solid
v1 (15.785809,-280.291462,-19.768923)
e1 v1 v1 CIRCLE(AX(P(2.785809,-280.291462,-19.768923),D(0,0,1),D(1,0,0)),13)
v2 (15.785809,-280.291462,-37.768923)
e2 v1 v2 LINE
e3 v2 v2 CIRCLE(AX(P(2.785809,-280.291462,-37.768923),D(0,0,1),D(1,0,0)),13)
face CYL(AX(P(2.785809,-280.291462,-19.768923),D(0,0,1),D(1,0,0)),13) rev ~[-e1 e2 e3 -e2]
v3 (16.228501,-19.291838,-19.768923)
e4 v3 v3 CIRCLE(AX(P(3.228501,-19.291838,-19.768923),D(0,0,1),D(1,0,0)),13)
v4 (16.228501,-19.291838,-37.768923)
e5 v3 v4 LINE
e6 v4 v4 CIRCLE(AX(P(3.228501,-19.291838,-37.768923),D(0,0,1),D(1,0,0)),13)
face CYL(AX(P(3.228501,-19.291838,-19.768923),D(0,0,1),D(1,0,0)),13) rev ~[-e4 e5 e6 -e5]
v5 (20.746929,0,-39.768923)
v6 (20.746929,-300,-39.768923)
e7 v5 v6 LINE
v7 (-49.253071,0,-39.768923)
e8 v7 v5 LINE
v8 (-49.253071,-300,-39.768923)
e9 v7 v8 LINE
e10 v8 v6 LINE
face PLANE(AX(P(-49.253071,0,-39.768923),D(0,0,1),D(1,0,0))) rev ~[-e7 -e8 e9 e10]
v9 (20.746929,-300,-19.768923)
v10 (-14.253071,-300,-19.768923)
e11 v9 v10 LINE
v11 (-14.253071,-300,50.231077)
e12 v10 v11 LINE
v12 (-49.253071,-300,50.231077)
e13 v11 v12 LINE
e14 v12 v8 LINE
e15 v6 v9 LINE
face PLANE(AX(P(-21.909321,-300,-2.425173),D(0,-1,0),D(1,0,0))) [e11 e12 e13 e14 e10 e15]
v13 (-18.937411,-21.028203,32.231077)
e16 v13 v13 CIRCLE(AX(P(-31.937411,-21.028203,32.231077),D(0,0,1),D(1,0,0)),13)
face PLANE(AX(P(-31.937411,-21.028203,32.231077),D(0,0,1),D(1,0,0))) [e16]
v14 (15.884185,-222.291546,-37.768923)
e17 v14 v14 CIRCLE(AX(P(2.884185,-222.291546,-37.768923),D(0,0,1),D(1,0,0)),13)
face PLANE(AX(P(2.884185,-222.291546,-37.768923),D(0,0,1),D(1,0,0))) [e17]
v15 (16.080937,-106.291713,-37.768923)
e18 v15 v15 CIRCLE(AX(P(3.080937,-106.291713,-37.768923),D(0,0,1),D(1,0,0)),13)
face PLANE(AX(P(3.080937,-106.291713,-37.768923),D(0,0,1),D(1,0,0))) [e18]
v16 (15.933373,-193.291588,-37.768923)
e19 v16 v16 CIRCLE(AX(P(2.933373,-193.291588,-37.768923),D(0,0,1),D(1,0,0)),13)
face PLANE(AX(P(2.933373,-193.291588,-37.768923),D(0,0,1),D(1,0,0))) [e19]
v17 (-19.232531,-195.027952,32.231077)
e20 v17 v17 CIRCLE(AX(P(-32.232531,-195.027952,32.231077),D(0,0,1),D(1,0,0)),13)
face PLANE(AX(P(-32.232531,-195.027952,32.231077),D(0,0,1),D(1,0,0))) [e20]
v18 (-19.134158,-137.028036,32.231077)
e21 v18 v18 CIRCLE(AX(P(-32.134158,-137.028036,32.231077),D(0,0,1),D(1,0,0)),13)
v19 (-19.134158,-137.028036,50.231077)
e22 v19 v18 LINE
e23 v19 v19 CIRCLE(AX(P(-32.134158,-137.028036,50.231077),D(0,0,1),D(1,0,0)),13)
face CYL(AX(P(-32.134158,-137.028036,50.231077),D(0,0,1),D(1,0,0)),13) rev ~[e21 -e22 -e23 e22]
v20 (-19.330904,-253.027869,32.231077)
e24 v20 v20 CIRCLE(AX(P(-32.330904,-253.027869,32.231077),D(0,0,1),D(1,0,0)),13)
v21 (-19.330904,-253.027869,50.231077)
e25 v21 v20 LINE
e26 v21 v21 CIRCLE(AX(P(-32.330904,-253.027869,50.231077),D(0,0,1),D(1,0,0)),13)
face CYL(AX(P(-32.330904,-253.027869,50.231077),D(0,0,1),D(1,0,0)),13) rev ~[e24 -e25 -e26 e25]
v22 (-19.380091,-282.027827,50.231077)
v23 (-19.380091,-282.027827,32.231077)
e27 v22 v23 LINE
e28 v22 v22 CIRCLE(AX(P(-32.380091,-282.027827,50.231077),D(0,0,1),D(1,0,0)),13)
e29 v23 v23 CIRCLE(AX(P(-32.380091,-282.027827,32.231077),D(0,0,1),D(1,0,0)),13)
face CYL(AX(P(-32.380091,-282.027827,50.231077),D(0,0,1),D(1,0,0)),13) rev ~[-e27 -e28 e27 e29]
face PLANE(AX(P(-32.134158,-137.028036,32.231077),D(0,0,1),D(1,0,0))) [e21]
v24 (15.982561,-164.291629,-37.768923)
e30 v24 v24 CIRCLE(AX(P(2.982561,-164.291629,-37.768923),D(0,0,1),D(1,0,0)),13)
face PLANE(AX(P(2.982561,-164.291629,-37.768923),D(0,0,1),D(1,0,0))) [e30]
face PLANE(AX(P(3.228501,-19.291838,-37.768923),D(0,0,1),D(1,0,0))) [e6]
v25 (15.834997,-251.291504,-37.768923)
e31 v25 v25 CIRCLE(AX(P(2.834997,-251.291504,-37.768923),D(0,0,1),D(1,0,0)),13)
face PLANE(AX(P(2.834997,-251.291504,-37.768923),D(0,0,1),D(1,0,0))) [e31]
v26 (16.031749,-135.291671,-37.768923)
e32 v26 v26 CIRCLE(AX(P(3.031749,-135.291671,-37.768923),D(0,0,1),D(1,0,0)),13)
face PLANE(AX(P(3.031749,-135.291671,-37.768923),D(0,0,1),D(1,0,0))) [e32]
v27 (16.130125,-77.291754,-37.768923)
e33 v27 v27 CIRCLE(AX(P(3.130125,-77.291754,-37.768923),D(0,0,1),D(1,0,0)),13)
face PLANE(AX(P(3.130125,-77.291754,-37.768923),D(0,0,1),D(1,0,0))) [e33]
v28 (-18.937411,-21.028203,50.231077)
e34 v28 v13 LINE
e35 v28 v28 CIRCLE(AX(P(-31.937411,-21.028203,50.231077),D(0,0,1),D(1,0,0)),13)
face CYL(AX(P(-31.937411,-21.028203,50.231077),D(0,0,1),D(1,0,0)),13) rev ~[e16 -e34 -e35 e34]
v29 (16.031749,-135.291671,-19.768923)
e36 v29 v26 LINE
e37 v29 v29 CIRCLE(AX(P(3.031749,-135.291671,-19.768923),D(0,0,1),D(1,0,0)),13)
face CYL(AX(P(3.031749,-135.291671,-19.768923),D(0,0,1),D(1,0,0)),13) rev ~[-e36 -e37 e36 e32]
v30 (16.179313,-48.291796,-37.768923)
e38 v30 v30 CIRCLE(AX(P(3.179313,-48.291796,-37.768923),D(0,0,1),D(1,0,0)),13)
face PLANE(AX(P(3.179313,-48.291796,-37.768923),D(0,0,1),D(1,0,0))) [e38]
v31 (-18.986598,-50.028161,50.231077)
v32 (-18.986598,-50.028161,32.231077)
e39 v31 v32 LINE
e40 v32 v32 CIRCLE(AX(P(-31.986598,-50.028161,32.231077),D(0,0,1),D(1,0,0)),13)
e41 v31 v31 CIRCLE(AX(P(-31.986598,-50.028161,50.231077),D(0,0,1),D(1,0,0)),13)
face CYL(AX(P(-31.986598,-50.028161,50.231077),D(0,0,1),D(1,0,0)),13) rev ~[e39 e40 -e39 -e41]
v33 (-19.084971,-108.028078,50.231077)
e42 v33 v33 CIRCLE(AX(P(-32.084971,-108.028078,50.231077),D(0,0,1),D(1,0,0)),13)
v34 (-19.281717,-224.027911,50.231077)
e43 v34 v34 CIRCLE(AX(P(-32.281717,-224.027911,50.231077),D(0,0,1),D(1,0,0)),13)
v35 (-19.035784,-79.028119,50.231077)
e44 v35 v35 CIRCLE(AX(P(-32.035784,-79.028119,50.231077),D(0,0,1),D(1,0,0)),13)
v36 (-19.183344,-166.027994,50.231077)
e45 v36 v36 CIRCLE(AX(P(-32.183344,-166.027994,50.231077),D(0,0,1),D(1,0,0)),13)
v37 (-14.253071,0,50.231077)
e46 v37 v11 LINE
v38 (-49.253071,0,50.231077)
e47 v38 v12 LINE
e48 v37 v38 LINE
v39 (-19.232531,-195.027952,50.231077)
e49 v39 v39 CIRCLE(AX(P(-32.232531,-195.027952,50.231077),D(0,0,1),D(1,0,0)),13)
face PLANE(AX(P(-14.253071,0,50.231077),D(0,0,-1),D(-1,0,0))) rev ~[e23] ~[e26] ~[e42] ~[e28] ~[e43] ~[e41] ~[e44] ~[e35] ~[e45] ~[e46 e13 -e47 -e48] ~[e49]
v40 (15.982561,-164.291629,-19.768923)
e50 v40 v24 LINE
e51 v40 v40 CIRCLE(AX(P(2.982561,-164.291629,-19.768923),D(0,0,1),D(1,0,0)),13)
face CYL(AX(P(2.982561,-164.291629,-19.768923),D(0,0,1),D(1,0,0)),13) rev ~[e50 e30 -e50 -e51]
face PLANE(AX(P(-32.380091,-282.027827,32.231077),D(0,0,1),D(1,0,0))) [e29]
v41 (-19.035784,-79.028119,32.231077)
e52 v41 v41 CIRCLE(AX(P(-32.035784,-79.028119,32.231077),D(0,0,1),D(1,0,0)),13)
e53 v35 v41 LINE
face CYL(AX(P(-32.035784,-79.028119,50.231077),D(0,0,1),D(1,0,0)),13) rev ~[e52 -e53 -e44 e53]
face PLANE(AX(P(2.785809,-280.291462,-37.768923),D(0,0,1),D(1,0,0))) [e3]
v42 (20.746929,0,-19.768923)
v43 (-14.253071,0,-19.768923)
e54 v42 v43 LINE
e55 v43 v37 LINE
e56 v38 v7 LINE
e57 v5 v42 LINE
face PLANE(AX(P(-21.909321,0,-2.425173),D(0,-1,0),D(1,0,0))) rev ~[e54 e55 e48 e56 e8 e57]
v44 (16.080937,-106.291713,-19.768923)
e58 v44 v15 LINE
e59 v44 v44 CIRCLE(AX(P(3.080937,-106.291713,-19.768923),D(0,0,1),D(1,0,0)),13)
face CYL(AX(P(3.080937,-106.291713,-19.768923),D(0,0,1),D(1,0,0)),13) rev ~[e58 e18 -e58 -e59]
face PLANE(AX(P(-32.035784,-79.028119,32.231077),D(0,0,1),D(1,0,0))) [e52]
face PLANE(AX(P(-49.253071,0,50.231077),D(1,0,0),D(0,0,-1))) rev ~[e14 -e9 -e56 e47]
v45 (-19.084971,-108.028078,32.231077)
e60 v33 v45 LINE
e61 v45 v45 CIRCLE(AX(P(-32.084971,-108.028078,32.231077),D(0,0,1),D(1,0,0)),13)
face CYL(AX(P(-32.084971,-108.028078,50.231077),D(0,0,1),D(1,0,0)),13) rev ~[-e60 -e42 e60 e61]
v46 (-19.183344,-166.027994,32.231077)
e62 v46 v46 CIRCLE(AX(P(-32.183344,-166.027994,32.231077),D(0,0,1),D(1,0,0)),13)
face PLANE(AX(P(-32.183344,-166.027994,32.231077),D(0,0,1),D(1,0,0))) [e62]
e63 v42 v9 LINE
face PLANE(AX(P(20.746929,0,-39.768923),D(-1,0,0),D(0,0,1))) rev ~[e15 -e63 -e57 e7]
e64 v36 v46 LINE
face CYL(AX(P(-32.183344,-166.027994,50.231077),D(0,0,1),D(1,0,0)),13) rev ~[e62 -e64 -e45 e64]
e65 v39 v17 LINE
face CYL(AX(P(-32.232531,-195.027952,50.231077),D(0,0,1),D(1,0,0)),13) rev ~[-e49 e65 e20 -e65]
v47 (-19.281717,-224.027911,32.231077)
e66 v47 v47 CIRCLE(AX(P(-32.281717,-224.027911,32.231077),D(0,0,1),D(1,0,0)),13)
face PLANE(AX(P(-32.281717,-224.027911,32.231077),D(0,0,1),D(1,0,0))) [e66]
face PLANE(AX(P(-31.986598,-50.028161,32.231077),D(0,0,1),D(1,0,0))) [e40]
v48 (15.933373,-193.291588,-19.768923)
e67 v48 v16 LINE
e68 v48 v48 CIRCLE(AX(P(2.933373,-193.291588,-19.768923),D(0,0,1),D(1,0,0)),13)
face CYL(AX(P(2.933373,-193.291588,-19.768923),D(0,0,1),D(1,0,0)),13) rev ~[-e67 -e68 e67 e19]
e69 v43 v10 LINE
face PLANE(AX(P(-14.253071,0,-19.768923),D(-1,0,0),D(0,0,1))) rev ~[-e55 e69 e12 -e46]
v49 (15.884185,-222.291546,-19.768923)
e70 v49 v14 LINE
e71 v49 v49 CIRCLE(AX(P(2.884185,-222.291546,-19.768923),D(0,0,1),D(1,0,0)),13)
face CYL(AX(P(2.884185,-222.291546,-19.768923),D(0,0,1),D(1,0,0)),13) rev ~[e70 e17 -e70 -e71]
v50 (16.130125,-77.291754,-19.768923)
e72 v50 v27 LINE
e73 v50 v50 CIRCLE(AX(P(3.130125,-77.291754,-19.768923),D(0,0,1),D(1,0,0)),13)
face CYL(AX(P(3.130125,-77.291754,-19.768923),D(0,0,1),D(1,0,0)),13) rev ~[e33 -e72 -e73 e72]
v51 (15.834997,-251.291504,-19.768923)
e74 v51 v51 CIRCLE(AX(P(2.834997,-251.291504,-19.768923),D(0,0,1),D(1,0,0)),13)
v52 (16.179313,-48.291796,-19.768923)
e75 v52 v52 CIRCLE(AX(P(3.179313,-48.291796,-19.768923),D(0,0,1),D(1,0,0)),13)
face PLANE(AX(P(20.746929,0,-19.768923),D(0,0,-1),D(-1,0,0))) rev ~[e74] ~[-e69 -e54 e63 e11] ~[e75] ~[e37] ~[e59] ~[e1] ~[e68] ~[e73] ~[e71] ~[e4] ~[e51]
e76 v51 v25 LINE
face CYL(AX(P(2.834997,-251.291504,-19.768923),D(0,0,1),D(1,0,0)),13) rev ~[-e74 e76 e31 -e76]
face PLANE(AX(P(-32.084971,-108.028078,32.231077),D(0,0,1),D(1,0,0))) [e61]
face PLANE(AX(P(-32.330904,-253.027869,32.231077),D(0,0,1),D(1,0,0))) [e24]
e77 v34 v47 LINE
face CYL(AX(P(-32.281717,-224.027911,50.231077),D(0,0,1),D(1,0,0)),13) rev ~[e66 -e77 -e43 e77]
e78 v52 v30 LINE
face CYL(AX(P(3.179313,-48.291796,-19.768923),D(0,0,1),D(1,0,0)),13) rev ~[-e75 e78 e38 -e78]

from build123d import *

# Parameters (mm, degrees)
F1_DEPTH = 300
F2_R     = 13
F4_DEPTH = 18
F3_R     = 13
F5_DEPTH = 18


with BuildPart() as f1:
    # F0 (on Front) → F1 (new body)
    with BuildSketch(Plane.XZ):
        Polygon((-14.253071, 50.231077), (-49.253071, 50.231077), (-49.253071, -39.768923), (20.746929, -39.768923), (20.746929, -19.768923), (-14.253071, -19.768923), align=None)
    extrude(amount=F1_DEPTH)

    # F2 (on face) → F4 (cut)
    with BuildSketch(Plane.XY.offset(-19.768923)):
        with Locations((2.785809, -280.291462)):
            Circle(F2_R)
        with Locations((2.834997, -251.291504)):
            Circle(F2_R)
        with Locations((2.884185, -222.291546)):
            Circle(F2_R)
        with Locations((2.933373, -193.291588)):
            Circle(F2_R)
        with Locations((2.982561, -164.291629)):
            Circle(F2_R)
        with Locations((3.031749, -135.291671)):
            Circle(F2_R)
        with Locations((3.080937, -106.291713)):
            Circle(F2_R)
        with Locations((3.130125, -77.291754)):
            Circle(F2_R)
        with Locations((3.179313, -48.291796)):
            Circle(F2_R)
        with Locations((3.228501, -19.291838)):
            Circle(F2_R)
    extrude(amount=-F4_DEPTH, mode=Mode.SUBTRACT)

    # F3 (on face) → F5 (cut)
    with BuildSketch(Plane.XY.offset(50.231077)):
        with Locations((-32.380091, -282.027827)):
            Circle(F3_R)
        with Locations((-32.330904, -253.027869)):
            Circle(F3_R)
        with Locations((-32.281717, -224.027911)):
            Circle(F3_R)
        with Locations((-32.232531, -195.027952)):
            Circle(F3_R)
        with Locations((-32.183344, -166.027994)):
            Circle(F3_R)
        with Locations((-32.134158, -137.028036)):
            Circle(F3_R)
        with Locations((-32.084971, -108.028078)):
            Circle(F3_R)
        with Locations((-32.035784, -79.028119)):
            Circle(F3_R)
        with Locations((-31.986598, -50.028161)):
            Circle(F3_R)
        with Locations((-31.937411, -21.028203)):
            Circle(F3_R)
    extrude(amount=-F5_DEPTH, mode=Mode.SUBTRACT)


solid = f1.part
